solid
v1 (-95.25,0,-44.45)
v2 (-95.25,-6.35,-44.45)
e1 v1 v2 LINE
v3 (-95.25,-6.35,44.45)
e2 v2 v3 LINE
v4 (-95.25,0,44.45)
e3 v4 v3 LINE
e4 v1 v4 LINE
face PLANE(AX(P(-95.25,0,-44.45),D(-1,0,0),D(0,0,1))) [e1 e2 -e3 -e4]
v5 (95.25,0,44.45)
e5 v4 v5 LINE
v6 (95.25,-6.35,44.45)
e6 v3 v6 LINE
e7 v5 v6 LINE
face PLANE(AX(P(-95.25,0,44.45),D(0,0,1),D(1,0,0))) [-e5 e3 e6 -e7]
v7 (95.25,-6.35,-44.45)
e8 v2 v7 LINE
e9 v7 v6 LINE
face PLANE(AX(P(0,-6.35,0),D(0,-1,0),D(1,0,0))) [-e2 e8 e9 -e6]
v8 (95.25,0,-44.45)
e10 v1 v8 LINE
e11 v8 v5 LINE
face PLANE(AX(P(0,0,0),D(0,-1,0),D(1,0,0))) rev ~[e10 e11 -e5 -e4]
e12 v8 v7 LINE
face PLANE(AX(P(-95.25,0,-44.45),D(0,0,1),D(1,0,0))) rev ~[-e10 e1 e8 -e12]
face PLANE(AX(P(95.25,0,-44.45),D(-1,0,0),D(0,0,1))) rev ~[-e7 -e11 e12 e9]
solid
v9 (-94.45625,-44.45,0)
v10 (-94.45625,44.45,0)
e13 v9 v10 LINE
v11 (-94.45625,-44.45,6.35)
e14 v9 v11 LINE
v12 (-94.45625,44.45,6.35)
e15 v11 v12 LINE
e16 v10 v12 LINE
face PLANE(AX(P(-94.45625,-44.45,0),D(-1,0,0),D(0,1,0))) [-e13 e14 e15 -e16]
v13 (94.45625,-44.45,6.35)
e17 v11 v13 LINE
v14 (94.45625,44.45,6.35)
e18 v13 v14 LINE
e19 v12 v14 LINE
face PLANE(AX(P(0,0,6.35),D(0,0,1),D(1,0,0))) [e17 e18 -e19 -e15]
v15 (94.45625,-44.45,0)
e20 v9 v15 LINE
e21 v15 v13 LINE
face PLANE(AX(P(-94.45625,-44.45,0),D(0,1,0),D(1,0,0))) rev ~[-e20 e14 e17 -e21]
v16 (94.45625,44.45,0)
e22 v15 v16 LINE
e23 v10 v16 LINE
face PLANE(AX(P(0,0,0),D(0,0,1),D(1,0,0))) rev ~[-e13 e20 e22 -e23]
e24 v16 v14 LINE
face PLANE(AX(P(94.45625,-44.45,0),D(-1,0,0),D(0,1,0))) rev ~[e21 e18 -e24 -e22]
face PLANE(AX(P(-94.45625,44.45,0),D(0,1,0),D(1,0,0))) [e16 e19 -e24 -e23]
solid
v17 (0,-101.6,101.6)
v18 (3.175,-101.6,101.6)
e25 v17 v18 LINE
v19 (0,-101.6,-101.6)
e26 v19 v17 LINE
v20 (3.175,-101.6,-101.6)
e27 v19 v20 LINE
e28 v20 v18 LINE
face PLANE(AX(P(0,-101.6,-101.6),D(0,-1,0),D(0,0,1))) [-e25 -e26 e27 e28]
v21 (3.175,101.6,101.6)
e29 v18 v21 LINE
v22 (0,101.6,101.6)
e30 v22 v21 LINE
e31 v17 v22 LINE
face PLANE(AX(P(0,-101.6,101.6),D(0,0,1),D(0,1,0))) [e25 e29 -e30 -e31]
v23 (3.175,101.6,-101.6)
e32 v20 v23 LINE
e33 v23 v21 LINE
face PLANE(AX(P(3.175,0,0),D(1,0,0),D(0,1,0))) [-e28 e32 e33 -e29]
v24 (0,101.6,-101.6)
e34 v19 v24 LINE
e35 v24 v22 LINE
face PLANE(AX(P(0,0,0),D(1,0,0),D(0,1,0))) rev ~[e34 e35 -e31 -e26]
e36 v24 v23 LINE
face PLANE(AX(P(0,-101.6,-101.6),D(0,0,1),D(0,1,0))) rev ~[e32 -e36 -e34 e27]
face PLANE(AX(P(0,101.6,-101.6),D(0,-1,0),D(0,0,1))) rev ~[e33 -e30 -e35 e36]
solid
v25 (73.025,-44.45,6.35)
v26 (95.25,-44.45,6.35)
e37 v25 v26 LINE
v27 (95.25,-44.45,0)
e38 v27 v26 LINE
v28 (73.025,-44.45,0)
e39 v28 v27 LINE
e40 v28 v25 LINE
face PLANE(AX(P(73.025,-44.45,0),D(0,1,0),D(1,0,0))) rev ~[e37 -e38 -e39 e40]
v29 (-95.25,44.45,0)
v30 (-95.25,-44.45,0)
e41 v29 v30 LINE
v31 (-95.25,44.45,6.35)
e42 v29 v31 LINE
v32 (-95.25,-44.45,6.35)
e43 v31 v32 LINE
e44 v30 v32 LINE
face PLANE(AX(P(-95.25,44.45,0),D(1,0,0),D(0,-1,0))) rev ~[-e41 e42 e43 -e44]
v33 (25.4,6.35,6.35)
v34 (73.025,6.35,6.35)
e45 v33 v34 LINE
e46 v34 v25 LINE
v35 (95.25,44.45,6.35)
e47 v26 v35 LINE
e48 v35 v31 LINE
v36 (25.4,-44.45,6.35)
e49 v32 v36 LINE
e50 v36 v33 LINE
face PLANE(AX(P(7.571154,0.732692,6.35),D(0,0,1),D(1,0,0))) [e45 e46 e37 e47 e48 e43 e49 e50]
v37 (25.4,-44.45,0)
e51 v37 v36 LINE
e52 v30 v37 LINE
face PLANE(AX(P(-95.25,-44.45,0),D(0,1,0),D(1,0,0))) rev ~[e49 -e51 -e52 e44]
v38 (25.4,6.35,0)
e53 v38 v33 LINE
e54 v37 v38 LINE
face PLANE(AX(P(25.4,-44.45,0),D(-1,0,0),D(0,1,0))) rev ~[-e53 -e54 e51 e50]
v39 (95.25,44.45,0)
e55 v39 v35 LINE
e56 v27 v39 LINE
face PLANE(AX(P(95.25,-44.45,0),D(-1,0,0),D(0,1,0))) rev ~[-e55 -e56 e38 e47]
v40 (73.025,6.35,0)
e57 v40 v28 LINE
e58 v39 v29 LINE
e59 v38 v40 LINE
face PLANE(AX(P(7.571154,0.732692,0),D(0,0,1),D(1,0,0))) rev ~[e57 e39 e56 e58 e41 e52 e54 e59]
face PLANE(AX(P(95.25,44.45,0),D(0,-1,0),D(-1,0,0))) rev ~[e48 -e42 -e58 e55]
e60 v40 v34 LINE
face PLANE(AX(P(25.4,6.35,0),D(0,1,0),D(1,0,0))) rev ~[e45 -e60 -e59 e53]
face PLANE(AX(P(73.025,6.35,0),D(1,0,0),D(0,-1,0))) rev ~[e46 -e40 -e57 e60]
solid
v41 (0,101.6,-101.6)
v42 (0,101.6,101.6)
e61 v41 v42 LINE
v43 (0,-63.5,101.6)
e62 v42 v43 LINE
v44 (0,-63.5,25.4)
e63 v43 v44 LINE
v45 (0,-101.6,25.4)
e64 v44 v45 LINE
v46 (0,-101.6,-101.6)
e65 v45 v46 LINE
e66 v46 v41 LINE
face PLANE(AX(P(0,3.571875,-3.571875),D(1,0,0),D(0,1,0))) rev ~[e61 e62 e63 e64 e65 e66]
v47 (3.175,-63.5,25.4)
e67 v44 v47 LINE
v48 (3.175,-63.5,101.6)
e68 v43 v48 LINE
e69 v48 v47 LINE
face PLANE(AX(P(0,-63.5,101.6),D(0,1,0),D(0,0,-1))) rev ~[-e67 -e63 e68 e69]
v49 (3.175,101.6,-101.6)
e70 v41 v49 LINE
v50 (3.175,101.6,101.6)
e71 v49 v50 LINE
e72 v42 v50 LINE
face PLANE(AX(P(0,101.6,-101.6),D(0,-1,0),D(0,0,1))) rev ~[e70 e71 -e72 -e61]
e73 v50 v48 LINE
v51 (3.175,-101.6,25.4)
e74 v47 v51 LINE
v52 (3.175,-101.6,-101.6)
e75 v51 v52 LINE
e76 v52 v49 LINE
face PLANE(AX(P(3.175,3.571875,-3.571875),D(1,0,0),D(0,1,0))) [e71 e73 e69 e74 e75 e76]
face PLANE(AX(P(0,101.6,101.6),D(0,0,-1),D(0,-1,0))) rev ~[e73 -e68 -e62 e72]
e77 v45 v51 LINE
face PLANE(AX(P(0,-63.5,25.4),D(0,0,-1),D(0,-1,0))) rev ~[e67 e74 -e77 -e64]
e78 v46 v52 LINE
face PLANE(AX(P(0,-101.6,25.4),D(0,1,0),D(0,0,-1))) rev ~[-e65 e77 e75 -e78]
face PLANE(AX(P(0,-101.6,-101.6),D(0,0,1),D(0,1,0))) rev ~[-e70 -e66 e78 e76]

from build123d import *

# Parameters (mm, degrees)
F0_W     = 190.5
F0_H     = 88.9
F1_DEPTH = 6.35
F3_DEPTH = 6.35
F4_W     = 188.9125
F4_H     = 88.9
F5_DEPTH = 6.35
F6_W     = 203.2
F6_H     = 203.2
F7_DEPTH = 3.175
F9_DEPTH = 3.175


with BuildPart() as f1:
    # F0 (on Front) → F1 (new body)
    with BuildSketch(Plane.XZ):
        Rectangle(F0_W, F0_H)
    extrude(amount=F1_DEPTH)


with BuildPart() as f3:
    # F2 (on Top) → F3 (new body)
    with BuildSketch(Plane.XY):
        Polygon((95.25, -44.45), (95.25, 44.45), (-95.25, 44.45), (-95.25, -44.45), (25.4, -44.45), (25.4, 6.35), (73.025, 6.35), (73.025, -44.45), align=None)
    extrude(amount=F3_DEPTH)


with BuildPart() as f5:
    # F4 (on Top) → F5 (new body)
    with BuildSketch(Plane.XY):
        Rectangle(F4_W, F4_H)
    extrude(amount=F5_DEPTH)


with BuildPart() as f7:
    # F6 (on Right) → F7 (new body)
    with BuildSketch(Plane.YZ):
        Rectangle(F6_W, F6_H)
    extrude(amount=F7_DEPTH)


with BuildPart() as f9:
    # F8 (on Right) → F9 (new body)
    with BuildSketch(Plane.YZ):
        Polygon((-101.6, 25.4), (-101.6, -101.6), (101.6, -101.6), (101.6, 101.6), (-63.5, 101.6), (-63.5, 25.4), align=None)
    extrude(amount=F9_DEPTH)


solid = Compound([f1.part, f3.part, f5.part, f7.part, f9.part])
